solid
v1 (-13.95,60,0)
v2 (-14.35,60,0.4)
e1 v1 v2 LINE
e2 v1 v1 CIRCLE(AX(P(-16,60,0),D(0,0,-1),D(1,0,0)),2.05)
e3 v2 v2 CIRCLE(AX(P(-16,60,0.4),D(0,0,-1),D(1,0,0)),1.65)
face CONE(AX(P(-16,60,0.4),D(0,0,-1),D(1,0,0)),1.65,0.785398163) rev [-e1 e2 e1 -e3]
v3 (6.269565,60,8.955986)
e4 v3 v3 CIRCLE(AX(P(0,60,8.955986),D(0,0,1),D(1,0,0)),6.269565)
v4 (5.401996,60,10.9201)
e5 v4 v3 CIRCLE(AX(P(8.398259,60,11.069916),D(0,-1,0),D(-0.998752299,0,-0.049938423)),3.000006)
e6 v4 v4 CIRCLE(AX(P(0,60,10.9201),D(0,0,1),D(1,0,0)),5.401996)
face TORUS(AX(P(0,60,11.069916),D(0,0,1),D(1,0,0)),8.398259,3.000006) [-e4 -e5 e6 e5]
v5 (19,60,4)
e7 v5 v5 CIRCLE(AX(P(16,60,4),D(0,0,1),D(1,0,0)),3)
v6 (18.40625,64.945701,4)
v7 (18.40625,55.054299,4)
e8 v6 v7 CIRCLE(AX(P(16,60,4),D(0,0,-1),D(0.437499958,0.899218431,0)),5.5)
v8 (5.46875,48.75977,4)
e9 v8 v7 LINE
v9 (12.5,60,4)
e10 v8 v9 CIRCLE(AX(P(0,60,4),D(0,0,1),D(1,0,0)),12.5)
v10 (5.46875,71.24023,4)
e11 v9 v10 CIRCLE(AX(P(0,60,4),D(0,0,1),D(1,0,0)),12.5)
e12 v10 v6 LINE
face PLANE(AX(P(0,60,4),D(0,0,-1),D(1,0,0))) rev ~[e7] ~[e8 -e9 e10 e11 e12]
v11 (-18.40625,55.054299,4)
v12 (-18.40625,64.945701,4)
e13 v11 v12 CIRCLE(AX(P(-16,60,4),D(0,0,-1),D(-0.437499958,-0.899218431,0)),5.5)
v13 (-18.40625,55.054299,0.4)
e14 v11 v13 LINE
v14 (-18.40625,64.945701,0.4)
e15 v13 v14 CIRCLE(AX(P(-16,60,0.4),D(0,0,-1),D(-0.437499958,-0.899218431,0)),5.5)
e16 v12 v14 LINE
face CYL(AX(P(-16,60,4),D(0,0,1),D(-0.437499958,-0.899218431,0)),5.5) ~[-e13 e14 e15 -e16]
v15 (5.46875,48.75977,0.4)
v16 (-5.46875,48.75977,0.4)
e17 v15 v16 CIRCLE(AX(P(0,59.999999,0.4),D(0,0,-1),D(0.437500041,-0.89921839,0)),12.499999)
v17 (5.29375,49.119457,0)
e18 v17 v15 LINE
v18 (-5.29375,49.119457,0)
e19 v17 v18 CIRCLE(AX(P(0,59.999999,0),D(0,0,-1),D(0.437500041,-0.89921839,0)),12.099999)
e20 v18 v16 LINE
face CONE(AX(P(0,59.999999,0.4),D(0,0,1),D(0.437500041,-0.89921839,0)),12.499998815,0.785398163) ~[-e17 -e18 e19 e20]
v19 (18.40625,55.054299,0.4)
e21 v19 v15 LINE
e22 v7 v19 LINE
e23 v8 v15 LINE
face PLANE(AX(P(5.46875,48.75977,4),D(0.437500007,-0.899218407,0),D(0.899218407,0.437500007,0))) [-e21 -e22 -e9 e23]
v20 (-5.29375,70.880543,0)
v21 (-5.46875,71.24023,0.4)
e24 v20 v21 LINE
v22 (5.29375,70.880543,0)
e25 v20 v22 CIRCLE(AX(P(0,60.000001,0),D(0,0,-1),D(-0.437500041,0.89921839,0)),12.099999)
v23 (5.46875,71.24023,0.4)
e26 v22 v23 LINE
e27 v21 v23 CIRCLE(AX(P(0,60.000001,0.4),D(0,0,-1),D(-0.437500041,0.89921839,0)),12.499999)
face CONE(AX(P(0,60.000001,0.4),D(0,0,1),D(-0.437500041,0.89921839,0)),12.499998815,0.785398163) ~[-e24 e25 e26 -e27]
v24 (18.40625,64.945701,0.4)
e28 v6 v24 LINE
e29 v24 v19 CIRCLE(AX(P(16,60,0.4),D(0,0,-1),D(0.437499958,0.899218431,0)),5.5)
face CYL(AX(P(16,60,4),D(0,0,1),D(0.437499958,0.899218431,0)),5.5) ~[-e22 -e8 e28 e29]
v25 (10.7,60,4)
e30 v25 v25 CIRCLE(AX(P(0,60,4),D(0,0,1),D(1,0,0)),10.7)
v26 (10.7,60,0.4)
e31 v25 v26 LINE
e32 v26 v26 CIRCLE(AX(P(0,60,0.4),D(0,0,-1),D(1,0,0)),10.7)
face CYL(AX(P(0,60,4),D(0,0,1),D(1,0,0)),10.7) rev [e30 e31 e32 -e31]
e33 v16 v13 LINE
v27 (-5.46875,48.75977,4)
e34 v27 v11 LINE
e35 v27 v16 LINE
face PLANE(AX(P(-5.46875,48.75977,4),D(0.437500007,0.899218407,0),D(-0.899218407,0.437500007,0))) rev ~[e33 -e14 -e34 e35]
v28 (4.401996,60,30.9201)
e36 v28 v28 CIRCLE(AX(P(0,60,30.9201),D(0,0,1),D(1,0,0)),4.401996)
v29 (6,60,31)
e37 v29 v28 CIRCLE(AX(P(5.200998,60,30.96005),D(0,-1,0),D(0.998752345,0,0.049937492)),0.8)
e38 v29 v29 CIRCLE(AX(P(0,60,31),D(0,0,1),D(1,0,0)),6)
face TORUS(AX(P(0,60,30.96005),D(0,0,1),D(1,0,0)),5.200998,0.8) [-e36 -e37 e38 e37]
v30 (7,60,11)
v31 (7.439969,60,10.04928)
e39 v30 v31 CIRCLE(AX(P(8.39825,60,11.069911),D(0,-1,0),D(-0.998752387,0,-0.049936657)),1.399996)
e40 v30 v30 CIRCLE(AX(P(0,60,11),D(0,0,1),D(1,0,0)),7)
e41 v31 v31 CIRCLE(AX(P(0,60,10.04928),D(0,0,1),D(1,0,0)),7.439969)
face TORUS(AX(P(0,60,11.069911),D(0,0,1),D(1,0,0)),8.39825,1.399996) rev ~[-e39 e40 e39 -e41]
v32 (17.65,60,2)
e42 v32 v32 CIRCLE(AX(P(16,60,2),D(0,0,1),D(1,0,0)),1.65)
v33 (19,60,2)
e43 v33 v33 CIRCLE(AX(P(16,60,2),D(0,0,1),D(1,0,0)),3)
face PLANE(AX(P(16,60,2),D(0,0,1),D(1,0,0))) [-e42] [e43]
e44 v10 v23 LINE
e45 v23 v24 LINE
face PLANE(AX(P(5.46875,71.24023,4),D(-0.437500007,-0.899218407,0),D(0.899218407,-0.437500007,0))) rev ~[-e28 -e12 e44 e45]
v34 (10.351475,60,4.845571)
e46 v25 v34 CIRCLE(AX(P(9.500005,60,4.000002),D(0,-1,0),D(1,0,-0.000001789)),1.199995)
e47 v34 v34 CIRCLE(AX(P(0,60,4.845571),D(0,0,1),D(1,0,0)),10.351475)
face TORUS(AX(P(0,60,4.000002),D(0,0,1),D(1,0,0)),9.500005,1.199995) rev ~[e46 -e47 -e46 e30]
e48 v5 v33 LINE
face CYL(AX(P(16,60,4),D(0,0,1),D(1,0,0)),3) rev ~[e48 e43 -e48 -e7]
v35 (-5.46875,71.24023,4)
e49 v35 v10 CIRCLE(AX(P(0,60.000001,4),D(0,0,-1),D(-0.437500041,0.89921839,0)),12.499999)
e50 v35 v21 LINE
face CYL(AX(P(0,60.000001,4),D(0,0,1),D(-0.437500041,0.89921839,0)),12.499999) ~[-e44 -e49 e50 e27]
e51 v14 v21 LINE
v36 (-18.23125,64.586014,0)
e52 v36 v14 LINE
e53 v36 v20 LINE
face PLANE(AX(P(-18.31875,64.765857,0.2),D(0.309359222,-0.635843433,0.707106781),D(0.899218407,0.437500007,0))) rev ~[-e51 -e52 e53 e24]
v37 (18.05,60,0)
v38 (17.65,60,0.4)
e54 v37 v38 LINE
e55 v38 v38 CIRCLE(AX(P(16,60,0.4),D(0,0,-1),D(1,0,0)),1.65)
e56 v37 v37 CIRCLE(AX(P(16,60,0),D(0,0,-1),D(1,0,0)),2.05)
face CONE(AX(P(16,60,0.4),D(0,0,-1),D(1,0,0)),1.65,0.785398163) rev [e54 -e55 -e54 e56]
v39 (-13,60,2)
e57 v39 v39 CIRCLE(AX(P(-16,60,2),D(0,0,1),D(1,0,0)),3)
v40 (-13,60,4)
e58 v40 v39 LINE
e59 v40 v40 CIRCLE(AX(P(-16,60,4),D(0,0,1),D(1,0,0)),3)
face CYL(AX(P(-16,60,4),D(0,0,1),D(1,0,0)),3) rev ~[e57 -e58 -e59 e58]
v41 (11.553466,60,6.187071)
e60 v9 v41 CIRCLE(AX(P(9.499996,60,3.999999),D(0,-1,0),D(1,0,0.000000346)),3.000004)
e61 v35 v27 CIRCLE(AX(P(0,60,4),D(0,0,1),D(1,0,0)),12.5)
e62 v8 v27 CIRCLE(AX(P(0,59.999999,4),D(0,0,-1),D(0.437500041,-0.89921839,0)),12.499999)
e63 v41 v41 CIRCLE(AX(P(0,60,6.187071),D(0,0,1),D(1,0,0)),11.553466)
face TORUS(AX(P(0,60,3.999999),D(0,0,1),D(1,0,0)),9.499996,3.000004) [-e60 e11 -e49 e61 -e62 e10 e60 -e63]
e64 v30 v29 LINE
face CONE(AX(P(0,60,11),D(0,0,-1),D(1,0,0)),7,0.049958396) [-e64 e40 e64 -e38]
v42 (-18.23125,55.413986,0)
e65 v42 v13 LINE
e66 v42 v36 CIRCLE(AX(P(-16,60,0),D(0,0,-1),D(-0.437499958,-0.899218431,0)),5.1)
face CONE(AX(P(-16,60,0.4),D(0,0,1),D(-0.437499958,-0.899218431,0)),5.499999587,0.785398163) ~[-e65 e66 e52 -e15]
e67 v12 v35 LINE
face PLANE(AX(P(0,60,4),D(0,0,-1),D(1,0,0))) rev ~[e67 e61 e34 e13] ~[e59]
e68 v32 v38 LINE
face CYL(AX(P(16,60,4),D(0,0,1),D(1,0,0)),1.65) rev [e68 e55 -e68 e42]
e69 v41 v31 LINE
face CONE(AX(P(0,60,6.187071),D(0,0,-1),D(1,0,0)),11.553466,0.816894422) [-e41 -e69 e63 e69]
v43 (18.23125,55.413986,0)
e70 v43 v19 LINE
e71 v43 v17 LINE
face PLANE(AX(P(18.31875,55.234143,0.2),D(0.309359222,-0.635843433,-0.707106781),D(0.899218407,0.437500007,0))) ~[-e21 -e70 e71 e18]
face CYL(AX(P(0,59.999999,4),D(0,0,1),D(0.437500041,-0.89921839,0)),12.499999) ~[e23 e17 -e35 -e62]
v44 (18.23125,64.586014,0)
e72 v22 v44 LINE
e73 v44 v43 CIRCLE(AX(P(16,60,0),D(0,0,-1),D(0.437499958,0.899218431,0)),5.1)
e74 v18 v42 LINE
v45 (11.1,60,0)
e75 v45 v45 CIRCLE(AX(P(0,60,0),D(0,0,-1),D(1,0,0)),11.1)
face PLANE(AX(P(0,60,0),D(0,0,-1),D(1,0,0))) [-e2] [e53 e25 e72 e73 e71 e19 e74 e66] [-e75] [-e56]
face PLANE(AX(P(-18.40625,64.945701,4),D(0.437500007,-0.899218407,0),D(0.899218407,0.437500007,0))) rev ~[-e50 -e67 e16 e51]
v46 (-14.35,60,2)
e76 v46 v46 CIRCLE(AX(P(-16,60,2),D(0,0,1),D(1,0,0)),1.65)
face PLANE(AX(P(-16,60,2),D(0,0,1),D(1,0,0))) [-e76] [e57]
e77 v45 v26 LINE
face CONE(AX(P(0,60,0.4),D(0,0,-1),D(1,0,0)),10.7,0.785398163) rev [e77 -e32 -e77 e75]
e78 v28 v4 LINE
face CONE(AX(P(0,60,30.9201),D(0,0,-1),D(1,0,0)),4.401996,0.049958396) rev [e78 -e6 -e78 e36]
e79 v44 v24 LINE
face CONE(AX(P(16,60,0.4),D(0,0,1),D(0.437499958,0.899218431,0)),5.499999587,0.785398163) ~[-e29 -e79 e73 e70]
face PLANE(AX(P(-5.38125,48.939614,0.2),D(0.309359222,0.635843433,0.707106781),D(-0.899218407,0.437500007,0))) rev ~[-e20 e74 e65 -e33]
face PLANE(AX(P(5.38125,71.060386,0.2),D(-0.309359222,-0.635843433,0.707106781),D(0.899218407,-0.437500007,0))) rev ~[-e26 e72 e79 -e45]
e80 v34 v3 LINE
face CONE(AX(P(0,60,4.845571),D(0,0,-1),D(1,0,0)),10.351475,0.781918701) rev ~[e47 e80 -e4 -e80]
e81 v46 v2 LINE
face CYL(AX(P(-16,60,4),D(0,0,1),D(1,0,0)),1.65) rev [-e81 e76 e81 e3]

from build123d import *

# Parameters (mm, degrees)
SKETCH020_R     = 10.7
SKETCH020_R_2   = 1.65
PAD001_DEPTH    = 4
SKETCH019_R     = 3
POCKET001_DEPTH = 2
CHAMFER001_SIZE = 0.4


with BuildPart() as part:
    # Sketch017 (on XZ_Plane004 of Origin010) → Revolution001 (revolve)
    with BuildSketch(Plane.XZ):
        with BuildLine():
            Line((7, 11), (6, 31))
            ThreePointArc((6, 31), (5.161048, 31.759052), (4.401996, 30.9201))
            Line((4.401996, 30.9201), (5.401996, 10.9201))
            ThreePointArc((5.401996, 10.9201), (5.654041, 9.857767), (6.269565, 8.955986))
            Line((10.351475, 4.845571), (6.269565, 8.955986))
            ThreePointArc((10.7, 4), (10.609453, 4.457291), (10.351475, 4.845571))
            Line((10.7, 4), (12.5, 4))
            ThreePointArc((12.5, 4), (12.253216, 5.191554), (11.553466, 6.187071))
            Line((11.553466, 6.187071), (7.439969, 10.04928))
            ThreePointArc((7, 11), (7.127708, 10.481937), (7.439969, 10.04928))
        make_face()
    revolve(axis=Axis((0, 0, 0), (0, 0, 1)))

    # Sketch020 (on Face1 of Revolution001) → Pad001 (new body)
    with BuildSketch(Plane(origin=(0, 0, 4), x_dir=(1, 0, 0), z_dir=(0, 0, -1))):
        with BuildLine():
            ThreePointArc((5.46875, 11.24023), (0, 12.5), (-5.46875, 11.24023))
            Line((-5.46875, 11.24023), (-18.40625, 4.945701))
            ThreePointArc((-18.40625, 4.945701), (-21.5, 0), (-18.40625, -4.945701))
            Line((-18.40625, -4.945701), (-5.46875, -11.24023))
            ThreePointArc((-5.46875, -11.24023), (0, -12.5), (5.46875, -11.24023))
            Line((5.46875, -11.24023), (18.40625, -4.945701))
            ThreePointArc((18.40625, -4.945701), (21.5, 0), (18.40625, 4.945701))
            Line((5.46875, 11.24023), (18.40625, 4.945701))
        make_face()
        Circle(SKETCH020_R, mode=Mode.SUBTRACT)
        with Locations((-16, 0)):
            Circle(SKETCH020_R_2, mode=Mode.SUBTRACT)
        with Locations((16, 0)):
            Circle(SKETCH020_R_2, mode=Mode.SUBTRACT)
    extrude(amount=PAD001_DEPTH)

    # Sketch019 (on Face3 of Pad001) → Pocket001 (cut)
    with BuildSketch(Plane.XY.offset(4)):
        with Locations((-16, 0)):
            Circle(SKETCH019_R)
        with Locations((16, 0)):
            Circle(SKETCH019_R)
    extrude(amount=-POCKET001_DEPTH, mode=Mode.SUBTRACT)

    # Chamfer001
    chamfer001_edges = [part.edges().sort_by_distance(p)[0] for p in [
        (-10.7, 0, 0),
        (-17.65, 0, 0),
        (14.35, 0, 0),
        (-11.9375, 8.092966, 0),
    ]]
    chamfer(chamfer001_edges, length=CHAMFER001_SIZE)


with BuildPart() as part_1:
    # Body004 placement: moved
    add(part.part.moved(Location((0, 60, 0))))


solid = part_1.part
